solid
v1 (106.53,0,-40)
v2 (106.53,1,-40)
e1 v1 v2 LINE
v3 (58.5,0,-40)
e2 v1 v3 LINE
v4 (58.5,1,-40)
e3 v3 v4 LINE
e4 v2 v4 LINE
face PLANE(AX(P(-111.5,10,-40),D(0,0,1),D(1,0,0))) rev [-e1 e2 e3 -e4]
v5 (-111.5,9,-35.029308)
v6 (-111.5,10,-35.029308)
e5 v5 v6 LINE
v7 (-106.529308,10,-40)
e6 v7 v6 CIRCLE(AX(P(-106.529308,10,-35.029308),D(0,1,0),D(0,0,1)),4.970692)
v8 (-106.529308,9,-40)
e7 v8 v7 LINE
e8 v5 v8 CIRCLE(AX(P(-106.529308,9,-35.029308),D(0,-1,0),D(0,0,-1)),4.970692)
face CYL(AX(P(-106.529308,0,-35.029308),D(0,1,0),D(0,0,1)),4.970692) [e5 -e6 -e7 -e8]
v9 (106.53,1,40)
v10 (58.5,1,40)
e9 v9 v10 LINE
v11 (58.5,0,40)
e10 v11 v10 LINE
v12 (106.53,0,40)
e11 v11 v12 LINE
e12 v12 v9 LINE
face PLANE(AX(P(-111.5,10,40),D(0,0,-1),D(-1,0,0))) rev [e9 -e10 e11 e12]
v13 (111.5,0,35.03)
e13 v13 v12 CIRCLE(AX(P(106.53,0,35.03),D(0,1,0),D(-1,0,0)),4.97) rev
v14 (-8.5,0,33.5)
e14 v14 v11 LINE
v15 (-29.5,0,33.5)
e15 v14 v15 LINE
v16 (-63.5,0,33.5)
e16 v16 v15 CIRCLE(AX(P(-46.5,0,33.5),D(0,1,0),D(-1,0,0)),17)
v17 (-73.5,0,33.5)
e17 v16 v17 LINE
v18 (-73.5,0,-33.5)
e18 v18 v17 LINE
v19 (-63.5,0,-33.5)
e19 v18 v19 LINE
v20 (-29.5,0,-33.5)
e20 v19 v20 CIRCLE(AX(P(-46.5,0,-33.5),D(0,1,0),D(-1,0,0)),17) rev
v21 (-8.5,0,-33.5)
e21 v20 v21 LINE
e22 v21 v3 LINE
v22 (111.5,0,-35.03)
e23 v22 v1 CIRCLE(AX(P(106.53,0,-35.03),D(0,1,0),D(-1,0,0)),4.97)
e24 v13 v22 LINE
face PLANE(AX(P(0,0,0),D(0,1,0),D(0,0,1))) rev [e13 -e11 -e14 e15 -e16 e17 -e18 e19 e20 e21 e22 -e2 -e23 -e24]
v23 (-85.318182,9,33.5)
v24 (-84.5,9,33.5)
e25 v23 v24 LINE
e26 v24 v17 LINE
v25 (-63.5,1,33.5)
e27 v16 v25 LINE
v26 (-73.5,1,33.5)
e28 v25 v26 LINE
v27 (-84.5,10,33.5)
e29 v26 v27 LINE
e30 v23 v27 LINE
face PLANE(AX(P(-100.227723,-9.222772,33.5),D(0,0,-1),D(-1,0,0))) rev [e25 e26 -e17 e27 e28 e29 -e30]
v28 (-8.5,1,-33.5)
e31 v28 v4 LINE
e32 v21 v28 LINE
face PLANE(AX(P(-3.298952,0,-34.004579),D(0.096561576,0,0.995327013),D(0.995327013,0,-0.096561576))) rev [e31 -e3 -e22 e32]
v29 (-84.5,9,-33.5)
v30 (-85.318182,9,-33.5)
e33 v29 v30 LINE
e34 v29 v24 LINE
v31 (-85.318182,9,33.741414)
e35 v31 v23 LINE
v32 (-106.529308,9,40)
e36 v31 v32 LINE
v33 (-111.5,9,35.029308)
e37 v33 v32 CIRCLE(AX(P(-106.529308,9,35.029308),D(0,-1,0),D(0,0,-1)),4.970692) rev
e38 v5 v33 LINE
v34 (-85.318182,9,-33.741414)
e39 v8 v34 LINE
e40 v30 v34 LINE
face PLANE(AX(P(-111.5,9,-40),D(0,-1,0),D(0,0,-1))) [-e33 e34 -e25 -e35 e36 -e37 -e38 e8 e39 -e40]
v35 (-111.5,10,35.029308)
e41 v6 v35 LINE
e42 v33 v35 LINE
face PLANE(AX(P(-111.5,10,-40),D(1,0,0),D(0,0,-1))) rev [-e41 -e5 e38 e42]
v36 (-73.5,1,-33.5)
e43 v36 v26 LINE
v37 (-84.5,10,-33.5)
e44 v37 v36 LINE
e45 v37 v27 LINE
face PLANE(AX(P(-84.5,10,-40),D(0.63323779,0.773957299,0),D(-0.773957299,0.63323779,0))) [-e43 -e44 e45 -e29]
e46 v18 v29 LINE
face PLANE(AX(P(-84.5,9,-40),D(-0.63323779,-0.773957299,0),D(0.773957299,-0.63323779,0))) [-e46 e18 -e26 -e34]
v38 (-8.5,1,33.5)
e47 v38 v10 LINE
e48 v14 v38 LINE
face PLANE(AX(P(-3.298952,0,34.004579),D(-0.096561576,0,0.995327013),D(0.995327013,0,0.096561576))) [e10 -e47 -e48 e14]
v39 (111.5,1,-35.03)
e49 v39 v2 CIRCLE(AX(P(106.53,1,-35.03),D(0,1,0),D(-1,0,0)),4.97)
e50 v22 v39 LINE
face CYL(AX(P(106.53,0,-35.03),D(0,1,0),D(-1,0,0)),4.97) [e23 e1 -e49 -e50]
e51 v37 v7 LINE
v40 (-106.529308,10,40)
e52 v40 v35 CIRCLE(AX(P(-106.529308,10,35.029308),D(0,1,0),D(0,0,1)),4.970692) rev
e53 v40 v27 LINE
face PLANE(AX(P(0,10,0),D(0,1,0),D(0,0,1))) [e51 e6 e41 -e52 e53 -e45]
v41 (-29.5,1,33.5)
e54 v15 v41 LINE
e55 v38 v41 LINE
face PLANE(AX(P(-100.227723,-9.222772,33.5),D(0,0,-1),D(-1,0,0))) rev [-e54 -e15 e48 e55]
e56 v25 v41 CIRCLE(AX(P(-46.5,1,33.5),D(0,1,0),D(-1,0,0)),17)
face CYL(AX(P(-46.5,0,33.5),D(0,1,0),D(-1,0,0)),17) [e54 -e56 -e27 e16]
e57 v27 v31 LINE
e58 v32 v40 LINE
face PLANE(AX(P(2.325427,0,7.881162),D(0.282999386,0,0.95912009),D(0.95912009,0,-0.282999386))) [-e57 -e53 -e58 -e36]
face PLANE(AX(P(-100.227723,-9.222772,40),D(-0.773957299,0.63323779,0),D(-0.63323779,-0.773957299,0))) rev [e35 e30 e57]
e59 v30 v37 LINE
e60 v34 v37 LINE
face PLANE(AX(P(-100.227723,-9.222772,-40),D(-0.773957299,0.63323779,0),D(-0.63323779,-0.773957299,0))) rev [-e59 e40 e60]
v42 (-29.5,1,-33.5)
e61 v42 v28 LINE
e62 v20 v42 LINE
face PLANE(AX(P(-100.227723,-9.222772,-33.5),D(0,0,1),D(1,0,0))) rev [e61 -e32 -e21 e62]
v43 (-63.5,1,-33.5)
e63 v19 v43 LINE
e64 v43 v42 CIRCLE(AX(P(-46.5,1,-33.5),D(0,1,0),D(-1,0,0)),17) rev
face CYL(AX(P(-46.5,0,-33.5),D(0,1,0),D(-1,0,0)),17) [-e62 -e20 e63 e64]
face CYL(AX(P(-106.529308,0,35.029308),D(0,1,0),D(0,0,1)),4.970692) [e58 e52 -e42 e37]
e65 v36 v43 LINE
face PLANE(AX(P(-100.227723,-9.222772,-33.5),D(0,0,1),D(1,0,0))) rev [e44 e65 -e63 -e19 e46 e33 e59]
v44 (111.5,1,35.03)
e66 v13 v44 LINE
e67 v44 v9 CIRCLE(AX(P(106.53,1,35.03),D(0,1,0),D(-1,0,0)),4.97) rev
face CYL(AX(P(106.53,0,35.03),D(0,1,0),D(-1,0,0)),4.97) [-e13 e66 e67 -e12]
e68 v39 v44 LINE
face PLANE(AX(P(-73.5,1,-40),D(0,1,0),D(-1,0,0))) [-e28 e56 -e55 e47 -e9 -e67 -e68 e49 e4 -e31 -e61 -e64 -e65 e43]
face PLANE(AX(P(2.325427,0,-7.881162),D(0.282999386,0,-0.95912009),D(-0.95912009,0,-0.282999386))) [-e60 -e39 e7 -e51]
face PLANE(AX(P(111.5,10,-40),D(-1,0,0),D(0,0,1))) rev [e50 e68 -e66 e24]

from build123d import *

# Parameters (mm, degrees)
SKETCH_1_W          = 223
SKETCH_1_H          = 80
EXTRUDE_1_DEPTH     = 10
SKETCH_3_OUTSIDE_W  = 272.426
SKETCH_3_OUTSIDE_H  = 59.426
CUT_EXTRUDE_1_DEPTH = 138.594512972
CUT_EXTRUDE_2_DEPTH = 119.879140306
CUT_EXTRUDE_3_DEPTH = 119.879140306
SKETCH_7_W          = 14.212670403
SKETCH_7_H          = 6.5
CUT_EXTRUDE_4_DEPTH = 153.966188104
SKETCH_9_W          = 65
SKETCH_9_H          = 6.5
CUT_EXTRUDE_6_DEPTH = 119.799200334
SKETCH_10_W         = 0.633237791
SKETCH_10_H         = 6.5
CUT_EXTRUDE_7_DEPTH = 154.59483235
CUT_EXTRUDE_8_DEPTH = 119.799200334
CUT_EXTRUDE_9_DEPTH = 119.799200334
EXTRUDE_2_DEPTH     = 1


with BuildPart() as part:
    # 스케치1 → 보스-돌출1 (new body)
    with BuildSketch(Plane(origin=(0, 0, 0), x_dir=(1, 0, 0), z_dir=(0, 1, 0))):
        Rectangle(SKETCH_1_W, SKETCH_1_H)
    extrude(amount=EXTRUDE_1_DEPTH)

    # 스케치3 outside → 컷-돌출1 (cut, through all)
    with BuildSketch(Plane.XY.offset(40)):
        with Locations((0, 5)):
            Rectangle(SKETCH_3_OUTSIDE_W, SKETCH_3_OUTSIDE_H)
        Polygon((-111.5, 10), (-111.5, 9), (-84.5, 9), (-73.5, 0), (111.5, 0), (111.5, 1), (-73.5, 1), (-84.5, 10), align=None, mode=Mode.SUBTRACT)
    extrude(amount=-CUT_EXTRUDE_1_DEPTH, mode=Mode.SUBTRACT)

    # 스케치5 → 컷-돌출2 (cut, through all)
    with BuildSketch(Plane(origin=(0, 10, 0), x_dir=(1, 0, 0), z_dir=(0, 1, 0))):
        with BuildLine():
            Line((-111.5, 40), (-111.5, 35.029307783))
            ThreePointArc((-111.5, 35.029307783), (-110.044117957, 38.544117957), (-106.529307783, 40))
            Line((-106.529307783, 40), (-111.5, 40))
        make_face()
        with BuildLine():
            ThreePointArc((-106.529307783, -40), (-110.044117957, -38.544117957), (-111.5, -35.029307783))
            Line((-111.5, -35.029307783), (-111.5, -40))
            Line((-111.5, -40), (-106.529307783, -40))
        make_face()
    extrude(amount=-CUT_EXTRUDE_2_DEPTH, mode=Mode.SUBTRACT)

    # 스케치6 → 컷-돌출3 (cut, through all)
    with BuildSketch(Plane(origin=(0, 10, 0), x_dir=(1, 0, 0), z_dir=(0, 1, 0))):
        Polygon((-106.529307783, 40), (-84.5, 33.5), (-84.5, 40), align=None)
        Polygon((-84.5, -40), (-84.5, -33.5), (-106.529307783, -40), align=None)
    extrude(amount=-CUT_EXTRUDE_3_DEPTH, mode=Mode.SUBTRACT)

    # 스케치7 → 컷-돌출4 (cut, through all)
    with BuildSketch(Plane(origin=(-28.982673267, -35.423267327, 0), x_dir=(0.7739572992033207, -0.6332377902572633, 0), z_dir=(0.6332377902572633, 0.7739572992033207, 0))):
        with Locations((-64.625434484, -36.75)):
            Rectangle(SKETCH_7_W, SKETCH_7_H)
        with Locations((-64.625434484, 36.75)):
            Rectangle(SKETCH_7_W, SKETCH_7_H)
    extrude(amount=-CUT_EXTRUDE_4_DEPTH, mode=Mode.SUBTRACT)

    # 스케치9 → 컷-돌출6 (cut, through all)
    with BuildSketch(Plane(origin=(0, 1, 0), x_dir=(1, 0, 0), z_dir=(0, 1, 0))):
        with Locations((-41, 36.75)):
            Rectangle(SKETCH_9_W, SKETCH_9_H)
        with Locations((-41, -36.75)):
            Rectangle(SKETCH_9_W, SKETCH_9_H)
    extrude(amount=-CUT_EXTRUDE_6_DEPTH, mode=Mode.SUBTRACT)

    # 스케치10 → 컷-돌출7 (cut, through all)
    with BuildSketch(Plane(origin=(-29.472772277, -36.022277228, 0), x_dir=(0.7739572992033206, -0.6332377902572633, 0), z_dir=(-0.6332377902572633, -0.7739572992033206, 0))):
        with Locations((-57.202480386, -36.75)):
            Rectangle(SKETCH_10_W, SKETCH_10_H)
        with Locations((-57.202480386, 36.75)):
            Rectangle(SKETCH_10_W, SKETCH_10_H)
    extrude(amount=-CUT_EXTRUDE_7_DEPTH, mode=Mode.SUBTRACT)

    # 스케치11 → 컷-돌출8 (cut, through all)
    with BuildSketch(Plane(origin=(0, 1, 0), x_dir=(1, 0, 0), z_dir=(0, 1, 0))):
        Polygon((-8.5, -40), (58.5, -40), (-8.5, -33.5), align=None)
        Polygon((-8.5, 33.5), (58.5, 40), (-8.5, 40), align=None)
    extrude(amount=-CUT_EXTRUDE_8_DEPTH, mode=Mode.SUBTRACT)

    # 스케치12 → 컷-돌출9 (cut, through all)
    with BuildSketch(Plane(origin=(0, 1, 0), x_dir=(1, 0, 0), z_dir=(0, 1, 0))):
        with BuildLine():
            Line((111.5, 40), (106.53, 40))
            ThreePointArc((106.53, 40), (110.044320702, 38.544320702), (111.5, 35.03))
            Line((111.5, 35.03), (111.5, 40))
        make_face()
        with BuildLine():
            Line((111.5, -40), (111.5, -35.03))
            ThreePointArc((111.5, -35.03), (110.044320702, -38.544320702), (106.53, -40))
            Line((106.53, -40), (111.5, -40))
        make_face()
    extrude(amount=-CUT_EXTRUDE_9_DEPTH, mode=Mode.SUBTRACT)

    # 스케치13 → 보스-돌출2 (add)
    with BuildSketch(Plane(origin=(0, 1, 0), x_dir=(1, 0, 0), z_dir=(0, 1, 0))):
        with BuildLine():
            Line((-29.5, 33.5), (-63.5, 33.5))
            ThreePointArc((-63.5, 33.5), (-46.5, 16.5), (-29.5, 33.5))
        make_face()
        with BuildLine():
            ThreePointArc((-29.5, 33.5), (-46.5, 50.5), (-63.5, 33.5))
            Line((-63.5, 33.5), (-29.5, 33.5))
        make_face()
        with BuildLine():
            ThreePointArc((-29.5, -33.5), (-46.5, -16.5), (-63.5, -33.5))
            Line((-63.5, -33.5), (-29.5, -33.5))
        make_face()
        with BuildLine():
            Line((-29.5, -33.5), (-63.5, -33.5))
            ThreePointArc((-63.5, -33.5), (-46.5, -50.5), (-29.5, -33.5))
        make_face()
    extrude(amount=-EXTRUDE_2_DEPTH)


solid = part.part
